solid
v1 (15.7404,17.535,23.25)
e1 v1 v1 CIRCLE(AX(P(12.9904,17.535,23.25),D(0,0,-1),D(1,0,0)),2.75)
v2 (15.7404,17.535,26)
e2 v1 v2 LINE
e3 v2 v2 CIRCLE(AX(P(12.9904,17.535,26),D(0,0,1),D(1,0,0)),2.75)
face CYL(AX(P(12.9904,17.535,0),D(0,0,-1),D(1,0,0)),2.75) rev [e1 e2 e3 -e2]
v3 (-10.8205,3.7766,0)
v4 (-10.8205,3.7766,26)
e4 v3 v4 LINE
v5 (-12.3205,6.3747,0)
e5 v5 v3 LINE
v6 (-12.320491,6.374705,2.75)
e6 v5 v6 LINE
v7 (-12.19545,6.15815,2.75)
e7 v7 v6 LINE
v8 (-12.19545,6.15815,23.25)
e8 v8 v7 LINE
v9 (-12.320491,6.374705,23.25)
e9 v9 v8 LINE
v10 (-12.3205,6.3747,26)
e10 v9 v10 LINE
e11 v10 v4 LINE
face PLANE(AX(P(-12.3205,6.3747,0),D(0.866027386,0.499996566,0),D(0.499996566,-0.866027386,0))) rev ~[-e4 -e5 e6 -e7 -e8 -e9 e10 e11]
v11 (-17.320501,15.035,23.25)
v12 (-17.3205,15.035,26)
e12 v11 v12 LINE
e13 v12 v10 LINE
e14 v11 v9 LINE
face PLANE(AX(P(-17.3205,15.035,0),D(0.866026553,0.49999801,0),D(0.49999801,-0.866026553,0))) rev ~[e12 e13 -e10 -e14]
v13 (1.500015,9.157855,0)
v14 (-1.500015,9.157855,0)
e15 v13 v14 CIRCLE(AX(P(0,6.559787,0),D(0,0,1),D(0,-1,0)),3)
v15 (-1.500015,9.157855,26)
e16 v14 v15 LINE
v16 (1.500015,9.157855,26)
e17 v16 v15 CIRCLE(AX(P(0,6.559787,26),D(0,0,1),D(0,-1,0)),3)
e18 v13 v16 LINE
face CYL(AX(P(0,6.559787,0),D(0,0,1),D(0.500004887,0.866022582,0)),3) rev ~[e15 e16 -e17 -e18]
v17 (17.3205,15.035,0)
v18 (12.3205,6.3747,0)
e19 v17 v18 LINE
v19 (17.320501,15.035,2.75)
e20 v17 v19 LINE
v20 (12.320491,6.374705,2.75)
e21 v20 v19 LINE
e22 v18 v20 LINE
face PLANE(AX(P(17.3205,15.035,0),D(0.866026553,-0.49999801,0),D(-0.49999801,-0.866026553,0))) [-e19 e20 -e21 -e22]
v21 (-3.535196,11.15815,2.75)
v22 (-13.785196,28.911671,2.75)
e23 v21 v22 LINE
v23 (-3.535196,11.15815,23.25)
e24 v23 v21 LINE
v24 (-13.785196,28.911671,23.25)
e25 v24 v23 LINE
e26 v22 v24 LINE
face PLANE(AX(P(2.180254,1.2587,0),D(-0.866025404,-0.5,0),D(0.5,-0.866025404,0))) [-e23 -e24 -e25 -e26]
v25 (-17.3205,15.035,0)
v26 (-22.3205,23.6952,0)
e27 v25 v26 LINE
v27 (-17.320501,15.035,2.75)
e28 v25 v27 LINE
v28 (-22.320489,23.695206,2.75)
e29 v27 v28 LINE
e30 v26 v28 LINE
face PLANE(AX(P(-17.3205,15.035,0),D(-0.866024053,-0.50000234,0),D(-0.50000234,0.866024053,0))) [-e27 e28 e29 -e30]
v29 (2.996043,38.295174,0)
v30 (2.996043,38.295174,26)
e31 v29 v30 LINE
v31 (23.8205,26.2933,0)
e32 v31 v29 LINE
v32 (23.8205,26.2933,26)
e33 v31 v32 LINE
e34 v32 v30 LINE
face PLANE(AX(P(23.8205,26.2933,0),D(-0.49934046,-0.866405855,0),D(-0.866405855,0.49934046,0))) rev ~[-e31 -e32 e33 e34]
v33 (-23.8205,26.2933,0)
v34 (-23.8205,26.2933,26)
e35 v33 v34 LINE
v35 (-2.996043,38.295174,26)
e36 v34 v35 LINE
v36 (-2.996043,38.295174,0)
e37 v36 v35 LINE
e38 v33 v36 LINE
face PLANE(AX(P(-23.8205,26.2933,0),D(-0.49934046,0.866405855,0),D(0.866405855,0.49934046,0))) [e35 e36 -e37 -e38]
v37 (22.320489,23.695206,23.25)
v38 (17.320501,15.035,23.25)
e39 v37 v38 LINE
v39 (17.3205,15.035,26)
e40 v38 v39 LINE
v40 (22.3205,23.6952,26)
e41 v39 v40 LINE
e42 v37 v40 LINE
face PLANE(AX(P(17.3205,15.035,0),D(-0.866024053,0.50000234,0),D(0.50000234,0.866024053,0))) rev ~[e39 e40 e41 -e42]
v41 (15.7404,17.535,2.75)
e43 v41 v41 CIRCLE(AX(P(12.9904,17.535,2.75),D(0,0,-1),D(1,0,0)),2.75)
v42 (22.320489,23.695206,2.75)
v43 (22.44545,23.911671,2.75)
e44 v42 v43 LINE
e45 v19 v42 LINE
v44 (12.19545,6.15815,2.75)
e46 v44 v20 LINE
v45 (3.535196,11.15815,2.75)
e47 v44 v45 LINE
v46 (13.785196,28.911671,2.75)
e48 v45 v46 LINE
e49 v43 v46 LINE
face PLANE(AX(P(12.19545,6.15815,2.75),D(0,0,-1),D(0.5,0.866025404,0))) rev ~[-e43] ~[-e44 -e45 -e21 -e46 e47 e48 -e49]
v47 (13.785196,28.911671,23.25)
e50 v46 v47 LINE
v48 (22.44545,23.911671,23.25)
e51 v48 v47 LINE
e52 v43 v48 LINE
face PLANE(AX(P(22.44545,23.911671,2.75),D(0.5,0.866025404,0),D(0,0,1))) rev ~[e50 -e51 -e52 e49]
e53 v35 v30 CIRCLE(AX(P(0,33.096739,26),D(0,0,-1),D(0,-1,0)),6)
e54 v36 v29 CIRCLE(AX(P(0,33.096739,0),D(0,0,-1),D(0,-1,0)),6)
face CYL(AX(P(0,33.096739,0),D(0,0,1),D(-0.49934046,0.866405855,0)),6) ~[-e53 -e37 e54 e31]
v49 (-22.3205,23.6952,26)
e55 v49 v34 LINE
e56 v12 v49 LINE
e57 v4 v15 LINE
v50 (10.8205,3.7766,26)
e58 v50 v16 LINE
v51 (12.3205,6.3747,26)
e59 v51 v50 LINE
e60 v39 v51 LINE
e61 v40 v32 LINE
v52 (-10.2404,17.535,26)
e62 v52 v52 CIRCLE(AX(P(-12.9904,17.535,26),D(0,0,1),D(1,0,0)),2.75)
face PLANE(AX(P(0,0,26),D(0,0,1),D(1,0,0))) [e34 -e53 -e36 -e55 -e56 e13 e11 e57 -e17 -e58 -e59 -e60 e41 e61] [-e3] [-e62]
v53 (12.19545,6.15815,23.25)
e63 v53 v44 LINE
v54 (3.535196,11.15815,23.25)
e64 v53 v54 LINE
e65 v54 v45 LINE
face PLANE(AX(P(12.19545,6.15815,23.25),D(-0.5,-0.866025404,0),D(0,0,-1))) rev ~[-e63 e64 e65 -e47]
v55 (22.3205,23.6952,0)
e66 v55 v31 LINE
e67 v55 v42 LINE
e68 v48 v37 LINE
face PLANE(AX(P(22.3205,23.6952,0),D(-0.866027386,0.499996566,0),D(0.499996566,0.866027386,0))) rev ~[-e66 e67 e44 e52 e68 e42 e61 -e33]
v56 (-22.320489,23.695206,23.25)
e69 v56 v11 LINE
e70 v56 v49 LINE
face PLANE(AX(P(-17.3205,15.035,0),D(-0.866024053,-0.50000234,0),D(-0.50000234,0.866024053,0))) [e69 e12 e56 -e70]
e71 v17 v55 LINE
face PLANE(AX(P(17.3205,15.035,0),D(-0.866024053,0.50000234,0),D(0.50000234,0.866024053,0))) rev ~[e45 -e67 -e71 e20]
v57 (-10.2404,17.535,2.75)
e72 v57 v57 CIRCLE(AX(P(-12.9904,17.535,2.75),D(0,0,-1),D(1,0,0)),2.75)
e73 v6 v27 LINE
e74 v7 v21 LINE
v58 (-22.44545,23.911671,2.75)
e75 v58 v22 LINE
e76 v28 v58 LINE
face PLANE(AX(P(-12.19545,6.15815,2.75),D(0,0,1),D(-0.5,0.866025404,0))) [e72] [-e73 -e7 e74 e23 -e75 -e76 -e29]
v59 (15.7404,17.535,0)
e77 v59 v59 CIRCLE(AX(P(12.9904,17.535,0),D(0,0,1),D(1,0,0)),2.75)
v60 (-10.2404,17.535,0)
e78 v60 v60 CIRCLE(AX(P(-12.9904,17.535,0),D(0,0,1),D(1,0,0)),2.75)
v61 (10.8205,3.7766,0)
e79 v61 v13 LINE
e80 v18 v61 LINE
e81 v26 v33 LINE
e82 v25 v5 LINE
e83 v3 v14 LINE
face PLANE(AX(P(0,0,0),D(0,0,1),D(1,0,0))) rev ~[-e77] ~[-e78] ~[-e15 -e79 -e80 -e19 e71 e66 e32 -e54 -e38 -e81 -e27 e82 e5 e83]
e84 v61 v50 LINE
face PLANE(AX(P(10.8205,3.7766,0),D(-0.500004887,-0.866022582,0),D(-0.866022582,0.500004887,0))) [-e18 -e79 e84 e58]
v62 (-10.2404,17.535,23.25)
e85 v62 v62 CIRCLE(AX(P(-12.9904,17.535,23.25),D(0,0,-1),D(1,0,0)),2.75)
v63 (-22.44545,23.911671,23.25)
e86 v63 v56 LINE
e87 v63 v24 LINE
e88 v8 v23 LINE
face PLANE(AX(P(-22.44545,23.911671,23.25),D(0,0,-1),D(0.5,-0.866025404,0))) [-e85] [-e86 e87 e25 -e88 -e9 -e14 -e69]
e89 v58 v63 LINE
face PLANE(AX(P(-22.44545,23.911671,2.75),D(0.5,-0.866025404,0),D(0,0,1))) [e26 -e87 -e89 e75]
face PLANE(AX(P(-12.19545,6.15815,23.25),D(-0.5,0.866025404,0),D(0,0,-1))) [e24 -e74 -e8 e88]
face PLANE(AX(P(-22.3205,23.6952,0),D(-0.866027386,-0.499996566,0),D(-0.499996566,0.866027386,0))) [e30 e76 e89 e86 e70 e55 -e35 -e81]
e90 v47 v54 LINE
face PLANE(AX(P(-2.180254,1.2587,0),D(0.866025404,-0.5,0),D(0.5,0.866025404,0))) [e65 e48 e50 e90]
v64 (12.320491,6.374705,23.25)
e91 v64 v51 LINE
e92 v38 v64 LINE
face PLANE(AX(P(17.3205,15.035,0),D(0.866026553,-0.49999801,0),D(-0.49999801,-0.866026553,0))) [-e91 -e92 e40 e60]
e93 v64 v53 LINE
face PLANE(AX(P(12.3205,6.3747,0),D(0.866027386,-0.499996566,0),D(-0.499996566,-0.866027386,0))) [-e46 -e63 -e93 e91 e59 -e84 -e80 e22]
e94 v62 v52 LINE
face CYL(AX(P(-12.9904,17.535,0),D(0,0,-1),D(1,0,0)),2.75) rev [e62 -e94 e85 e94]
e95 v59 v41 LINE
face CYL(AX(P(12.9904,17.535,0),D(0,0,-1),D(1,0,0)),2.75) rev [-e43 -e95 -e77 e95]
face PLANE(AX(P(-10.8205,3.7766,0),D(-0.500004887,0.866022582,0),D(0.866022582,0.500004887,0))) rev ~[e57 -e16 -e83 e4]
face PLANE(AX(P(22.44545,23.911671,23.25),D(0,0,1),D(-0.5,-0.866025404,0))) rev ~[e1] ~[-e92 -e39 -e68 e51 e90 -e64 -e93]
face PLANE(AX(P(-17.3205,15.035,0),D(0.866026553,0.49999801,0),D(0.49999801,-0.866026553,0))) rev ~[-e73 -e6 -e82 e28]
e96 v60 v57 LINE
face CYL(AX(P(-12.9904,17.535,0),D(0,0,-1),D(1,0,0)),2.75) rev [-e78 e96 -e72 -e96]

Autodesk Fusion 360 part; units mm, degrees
sketch "Sketch1" plane through (0, 0, 0) normal (0, 0, 1) x (1, 0, 0)
  line L0 (0, 0) -> (0, 25.035) construction
  line L1 (0, 25.035) -> (12.9904, 17.535) construction
  circle A0 centre (12.9904, 17.535) radius 2.75
  line L2 (12.9904, 17.535) -> (17.0367, 24.5434) construction
  line L3 (8.6603, 20.035) -> (13.6603, 28.6952)
  line L4 (13.6603, 28.6952) -> (17.9904, 26.1952)
  line L5 (12.9904, 17.535) -> (15.372, 16.16) construction
  line L6 (17.3205, 15.035) -> (22.3205, 23.6952)
  line L7 (22.3205, 23.6952) -> (17.9904, 26.1952)
  line L8 (8.6603, 20.035) -> (3.6603, 11.3747)
  line L9 (3.6603, 11.3747) -> (7.9904, 8.8747)
  line L10 (17.3205, 15.035) -> (12.3205, 6.3747)
  line L11 (12.3205, 6.3747) -> (7.9904, 8.8747)
  line L12 (12.3205, 6.3747) -> (10.8205, 3.7766)
  line L13 (10.8205, 3.7766) -> (0, 10.0239)
  line L14 (0, 25.035) -> (0, 55.0088) construction
  line L15 (22.3205, 23.6952) -> (23.8205, 26.2933)
  line L16 (23.8205, 26.2933) -> (0, 40.0219)
  line L17 (-23.8205, 26.2933) -> (0, 40.0219)
  line L18 (-22.3205, 23.6952) -> (-23.8205, 26.2933)
  line L19 (-22.3205, 23.6952) -> (-17.9904, 26.1952)
  line L20 (-13.6603, 28.6952) -> (-17.9904, 26.1952)
  line L21 (-8.6603, 20.035) -> (-13.6603, 28.6952)
  line L22 (-8.6603, 20.035) -> (-3.6603, 11.3747)
  line L23 (-3.6603, 11.3747) -> (-7.9904, 8.8747)
  line L24 (-12.3205, 6.3747) -> (-7.9904, 8.8747)
  line L25 (-17.3205, 15.035) -> (-12.3205, 6.3747)
  line L26 (-17.3205, 15.035) -> (-22.3205, 23.6952)
  circle A1 centre (-12.9904, 17.535) radius 2.75
  line L27 (-12.3205, 6.3747) -> (-10.8205, 3.7766)
  line L28 (-10.8205, 3.7766) -> (0, 10.0239)
  dimension "d1" = 60
  dimension "d2" = 5.5
  dimension "d3" = 5
  dimension "d4" = 10
  dimension "d5" = 15
  dimension "d7" = 3
  dimension "d8" = 3
extrude "Extrude1" add sketch "Sketch1" along normal blind 26
sketch "Sketch2" plane through (-6.48, -3.7413, 0) normal (-0.866, -0.5, 0) x (0.5, -0.866, 0)
  line L0 (-34.6809, 0) -> (-8.6809, 0)
  line L1 (-8.6809, 0) -> (-8.6809, 26)
  line L2 (-8.6809, 26) -> (-34.6809, 26)
  line L3 (-34.6809, 26) -> (-34.6809, 0)
  line L4 (-34.6809, 26) -> (-8.6809, 0) construction
  line L5 (-31.9309, 23.25) -> (-11.4309, 23.25)
  line L6 (-11.4309, 23.25) -> (-11.4309, 2.75)
  line L7 (-11.4309, 2.75) -> (-31.9309, 2.75)
  line L8 (-31.9309, 2.75) -> (-31.9309, 23.25)
  line L9 (-31.9309, 23.25) -> (-11.4309, 2.75) construction
  line L10 (-11.4309, 23.25) -> (-31.9309, 2.75) construction
  point P0 (-21.6809, 13)
  dimension "d11" = 20.5
  dimension "d12" = 20.5
sketch "Sketch3" plane through (6.48, -3.7413, 0) normal (0.866, -0.5, 0) x (0.5, 0.866, 0)
  line L0 (8.6809, 0) -> (34.6809, 0)
  line L1 (34.6809, 0) -> (34.6809, 26)
  line L2 (34.6809, 26) -> (8.6809, 26)
  line L3 (8.6809, 26) -> (8.6809, 0)
  line L4 (8.6809, 26) -> (34.6809, 0) construction
  line L5 (31.9309, 23.25) -> (11.4309, 23.25)
  line L6 (11.4309, 23.25) -> (11.4309, 2.75)
  line L7 (11.4309, 2.75) -> (31.9309, 2.75)
  line L8 (31.9309, 2.75) -> (31.9309, 23.25)
  line L9 (31.9309, 23.25) -> (11.4309, 2.75) construction
  line L10 (11.4309, 23.25) -> (31.9309, 2.75) construction
  point P0 (21.6809, 13)
  dimension "d13" = 20.5
  dimension "d14" = 20.5
extrude "Extrude2" cut sketch "Sketch2" against normal blind 10 contours L5 L6 L7 L8
extrude "Extrude3" cut sketch "Sketch3" against normal blind 10 contours L5 L6 L7 L8
fillet "Fillet1" radius 3 1 edges at (0, 10.0239, 13)
fillet "Fillet2" radius 6 1 edges at (0, 40.0219, 13)
equation "d2 = screw"
equation "d5 = dist"
equation "d11 = slot"
equation "d12 = slot"
equation "d13 = slot"
equation "d14 = slot"
equation "dist = 15 mm"
equation "slot = 20.5 mm"
equation "screw = 5.5 mm"
